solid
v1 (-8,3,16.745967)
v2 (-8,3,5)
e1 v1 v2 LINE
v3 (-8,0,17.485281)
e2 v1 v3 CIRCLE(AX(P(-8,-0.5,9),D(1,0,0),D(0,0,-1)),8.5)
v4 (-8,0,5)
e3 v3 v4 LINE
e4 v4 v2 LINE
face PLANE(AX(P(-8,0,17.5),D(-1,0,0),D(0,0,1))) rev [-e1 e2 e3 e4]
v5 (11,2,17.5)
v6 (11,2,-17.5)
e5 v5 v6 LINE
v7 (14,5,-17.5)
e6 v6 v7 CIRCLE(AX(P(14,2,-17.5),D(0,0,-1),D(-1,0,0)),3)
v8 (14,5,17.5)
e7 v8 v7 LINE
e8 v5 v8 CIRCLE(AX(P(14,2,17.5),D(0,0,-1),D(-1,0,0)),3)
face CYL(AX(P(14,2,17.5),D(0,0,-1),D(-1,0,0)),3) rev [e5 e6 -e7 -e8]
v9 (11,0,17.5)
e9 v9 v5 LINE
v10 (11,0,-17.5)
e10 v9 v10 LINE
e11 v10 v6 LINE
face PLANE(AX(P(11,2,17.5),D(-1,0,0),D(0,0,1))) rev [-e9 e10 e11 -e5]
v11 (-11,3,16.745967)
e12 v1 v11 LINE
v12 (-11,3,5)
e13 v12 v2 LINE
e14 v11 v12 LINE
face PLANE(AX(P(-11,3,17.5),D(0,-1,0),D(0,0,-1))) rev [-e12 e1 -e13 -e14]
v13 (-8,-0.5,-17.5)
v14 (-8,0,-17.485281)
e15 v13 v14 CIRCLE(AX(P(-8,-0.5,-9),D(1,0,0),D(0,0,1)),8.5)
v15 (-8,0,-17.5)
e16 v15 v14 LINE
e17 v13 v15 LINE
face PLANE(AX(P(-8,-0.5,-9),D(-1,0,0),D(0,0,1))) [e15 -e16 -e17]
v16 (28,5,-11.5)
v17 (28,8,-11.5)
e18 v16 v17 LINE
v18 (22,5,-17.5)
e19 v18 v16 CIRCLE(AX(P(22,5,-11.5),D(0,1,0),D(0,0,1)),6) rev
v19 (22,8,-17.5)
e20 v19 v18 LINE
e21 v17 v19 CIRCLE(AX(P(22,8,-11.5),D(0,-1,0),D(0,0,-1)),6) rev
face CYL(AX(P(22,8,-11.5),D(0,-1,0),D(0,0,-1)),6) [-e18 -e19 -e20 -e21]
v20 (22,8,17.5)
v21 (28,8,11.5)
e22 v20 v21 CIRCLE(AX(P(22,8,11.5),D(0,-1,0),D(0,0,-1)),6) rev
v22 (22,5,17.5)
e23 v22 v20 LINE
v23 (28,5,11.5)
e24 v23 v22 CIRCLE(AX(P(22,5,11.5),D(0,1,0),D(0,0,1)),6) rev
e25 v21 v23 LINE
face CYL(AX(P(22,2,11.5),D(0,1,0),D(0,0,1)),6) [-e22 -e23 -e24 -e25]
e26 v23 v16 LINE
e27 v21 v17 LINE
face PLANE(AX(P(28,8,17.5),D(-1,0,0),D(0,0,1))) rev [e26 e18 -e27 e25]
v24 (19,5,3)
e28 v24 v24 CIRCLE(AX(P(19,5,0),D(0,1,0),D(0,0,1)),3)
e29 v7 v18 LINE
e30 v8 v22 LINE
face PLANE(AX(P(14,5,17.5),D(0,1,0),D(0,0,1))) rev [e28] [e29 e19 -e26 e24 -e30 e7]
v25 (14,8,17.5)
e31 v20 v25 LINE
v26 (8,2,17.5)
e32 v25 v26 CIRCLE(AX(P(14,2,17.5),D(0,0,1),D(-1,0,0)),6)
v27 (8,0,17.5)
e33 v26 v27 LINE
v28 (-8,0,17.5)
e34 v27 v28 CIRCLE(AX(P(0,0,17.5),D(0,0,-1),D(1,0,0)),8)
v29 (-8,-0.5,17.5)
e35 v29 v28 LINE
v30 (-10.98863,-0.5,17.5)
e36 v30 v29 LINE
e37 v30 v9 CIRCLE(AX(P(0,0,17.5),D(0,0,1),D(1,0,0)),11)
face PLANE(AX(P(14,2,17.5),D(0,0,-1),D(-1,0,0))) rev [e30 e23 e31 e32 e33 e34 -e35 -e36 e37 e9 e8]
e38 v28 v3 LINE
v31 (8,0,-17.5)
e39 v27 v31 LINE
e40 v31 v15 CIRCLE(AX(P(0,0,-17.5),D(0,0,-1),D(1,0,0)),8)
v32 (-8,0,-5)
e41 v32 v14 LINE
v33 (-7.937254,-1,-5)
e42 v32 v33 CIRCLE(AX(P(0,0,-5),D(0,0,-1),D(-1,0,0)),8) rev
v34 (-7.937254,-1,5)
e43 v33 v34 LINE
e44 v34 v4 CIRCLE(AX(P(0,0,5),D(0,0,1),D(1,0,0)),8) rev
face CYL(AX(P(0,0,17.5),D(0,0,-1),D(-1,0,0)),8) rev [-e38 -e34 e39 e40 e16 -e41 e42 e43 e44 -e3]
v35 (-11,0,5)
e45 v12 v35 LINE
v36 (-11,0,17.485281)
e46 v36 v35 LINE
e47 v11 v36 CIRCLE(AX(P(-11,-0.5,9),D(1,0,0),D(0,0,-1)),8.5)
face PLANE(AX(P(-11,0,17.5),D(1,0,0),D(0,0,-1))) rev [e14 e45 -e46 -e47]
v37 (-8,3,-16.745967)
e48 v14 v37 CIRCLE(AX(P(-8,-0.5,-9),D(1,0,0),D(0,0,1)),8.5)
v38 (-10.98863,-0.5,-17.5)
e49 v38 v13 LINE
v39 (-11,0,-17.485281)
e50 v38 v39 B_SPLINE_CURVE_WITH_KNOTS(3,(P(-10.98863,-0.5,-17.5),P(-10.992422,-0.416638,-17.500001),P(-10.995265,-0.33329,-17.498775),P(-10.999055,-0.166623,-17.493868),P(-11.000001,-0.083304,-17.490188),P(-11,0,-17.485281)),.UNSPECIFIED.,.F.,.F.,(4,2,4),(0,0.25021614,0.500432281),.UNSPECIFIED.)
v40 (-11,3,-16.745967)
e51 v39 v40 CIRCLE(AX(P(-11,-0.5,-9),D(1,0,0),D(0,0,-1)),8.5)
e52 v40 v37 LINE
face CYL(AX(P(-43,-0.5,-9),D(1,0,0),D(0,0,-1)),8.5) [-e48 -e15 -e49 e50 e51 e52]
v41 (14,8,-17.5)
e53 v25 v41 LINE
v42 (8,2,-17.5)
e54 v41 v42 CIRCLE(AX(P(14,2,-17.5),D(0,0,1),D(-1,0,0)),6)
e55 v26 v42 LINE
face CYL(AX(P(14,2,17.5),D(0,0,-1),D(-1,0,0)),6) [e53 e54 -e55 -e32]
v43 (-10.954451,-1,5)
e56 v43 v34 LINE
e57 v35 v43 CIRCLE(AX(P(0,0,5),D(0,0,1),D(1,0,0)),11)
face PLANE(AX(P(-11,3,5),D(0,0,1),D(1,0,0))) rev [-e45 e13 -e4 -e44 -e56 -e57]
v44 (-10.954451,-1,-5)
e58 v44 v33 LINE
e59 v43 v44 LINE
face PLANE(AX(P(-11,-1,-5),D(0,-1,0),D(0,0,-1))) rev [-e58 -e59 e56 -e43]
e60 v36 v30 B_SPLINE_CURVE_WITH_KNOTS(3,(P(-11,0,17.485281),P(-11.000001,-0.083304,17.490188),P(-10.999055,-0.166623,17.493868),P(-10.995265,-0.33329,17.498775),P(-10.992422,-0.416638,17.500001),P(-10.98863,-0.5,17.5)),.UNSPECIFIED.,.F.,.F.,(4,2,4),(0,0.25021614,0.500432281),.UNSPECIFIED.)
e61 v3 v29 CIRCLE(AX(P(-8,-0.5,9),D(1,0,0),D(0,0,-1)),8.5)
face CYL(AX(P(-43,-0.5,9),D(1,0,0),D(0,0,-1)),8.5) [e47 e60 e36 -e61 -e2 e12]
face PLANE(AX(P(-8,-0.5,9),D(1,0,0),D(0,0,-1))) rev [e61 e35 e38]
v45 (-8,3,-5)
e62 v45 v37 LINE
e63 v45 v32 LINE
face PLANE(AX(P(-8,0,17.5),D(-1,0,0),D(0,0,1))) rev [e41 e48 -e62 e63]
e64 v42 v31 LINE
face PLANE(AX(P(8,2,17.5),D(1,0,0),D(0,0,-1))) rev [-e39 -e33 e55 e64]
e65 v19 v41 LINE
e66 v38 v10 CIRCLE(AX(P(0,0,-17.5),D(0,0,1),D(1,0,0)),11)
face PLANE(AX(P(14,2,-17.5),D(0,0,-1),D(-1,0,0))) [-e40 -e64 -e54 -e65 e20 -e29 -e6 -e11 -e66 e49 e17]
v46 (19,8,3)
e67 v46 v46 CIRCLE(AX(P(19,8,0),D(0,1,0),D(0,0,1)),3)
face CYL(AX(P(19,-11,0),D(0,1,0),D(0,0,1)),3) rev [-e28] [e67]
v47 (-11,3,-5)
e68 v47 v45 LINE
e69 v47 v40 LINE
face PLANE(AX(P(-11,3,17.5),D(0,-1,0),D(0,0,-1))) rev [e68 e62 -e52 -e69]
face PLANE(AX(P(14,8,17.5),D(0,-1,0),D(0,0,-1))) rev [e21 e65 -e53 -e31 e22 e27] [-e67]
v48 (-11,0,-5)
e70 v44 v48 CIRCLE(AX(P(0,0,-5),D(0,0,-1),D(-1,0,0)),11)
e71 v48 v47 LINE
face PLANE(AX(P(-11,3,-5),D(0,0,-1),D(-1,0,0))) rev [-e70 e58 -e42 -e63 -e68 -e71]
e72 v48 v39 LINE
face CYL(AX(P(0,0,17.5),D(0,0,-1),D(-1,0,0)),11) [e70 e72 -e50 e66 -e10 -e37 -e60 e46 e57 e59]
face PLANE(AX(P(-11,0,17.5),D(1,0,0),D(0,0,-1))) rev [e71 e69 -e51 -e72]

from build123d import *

# Parameters (mm, degrees)
EXTRUSION1_DEPTH        = 17.5
CONG_1_R                = 6
ESQUISSE2_R             = 3
ENL_V_MAT_EXTRU_1_DEPTH = 20
ENL_V_MAT_EXTRU_6_DEPTH = 35
ESQUISSE4_W             = 10
ESQUISSE4_H             = 4
ENL_V_MAT_EXTRU_7_DEPTH = 12.0000001


with BuildPart() as part:
    # Esquisse1 → Extrusion1 (new body, symmetric)
    with BuildSketch(Plane.XY):
        with BuildLine():
            Line((8, 2), (8, 0))
            ThreePointArc((8, 0), (0, -8), (-8, 0))
            Line((-8, 0), (-8, 3))
            Line((-8, 3), (-11, 3))
            Line((-11, 3), (-11, 0))
            ThreePointArc((-11, 0), (0, -11), (11, 0))
            Line((11, 0), (11, 2))
            ThreePointArc((11, 2), (11.878679656, 4.121320344), (14, 5))
            Line((14, 5), (28, 5))
            Line((28, 5), (28, 8))
            Line((28, 8), (14, 8))
            ThreePointArc((14, 8), (9.757359313, 6.242640687), (8, 2))
        make_face()
    extrude(amount=EXTRUSION1_DEPTH, both=True)

    # Congé1
    cong_1_edges = [part.edges().sort_by_distance(p)[0] for p in [
        (28, 6.5, -17.5),
        (28, 6.5, 17.5),
    ]]
    fillet(cong_1_edges, radius=CONG_1_R)

    # Esquisse2 → Enlèv. mat.-Extru.1 (cut, through all)
    with BuildSketch(Plane(origin=(0, 8, 0), x_dir=(-1, 0, 0), z_dir=(0, 1, 0))):
        with Locations(Location((-19, 0, 0), (0, 0, 90))):  # turned: the seam where the file's is
            Circle(ESQUISSE2_R)
    extrude(amount=-ENL_V_MAT_EXTRU_1_DEPTH, mode=Mode.SUBTRACT)

    # Esquisse3 → Enlèv. mat.-Extru.6 (cut)
    with BuildSketch(Plane.ZY.offset(8)):
        with BuildLine():
            Line((-9, 8), (-17.5, 8))
            Line((-17.5, 8), (-17.5, -0.5))
            ThreePointArc((-17.5, -0.5), (-15.01040764, 5.51040764), (-9, 8))
        make_face()
        with BuildLine():
            Line((17.5, 8), (17.5, -0.5))
            ThreePointArc((17.5, -0.5), (15.01040764, 5.51040764), (9, 8))
            Line((9, 8), (17.5, 8))
        make_face()
    extrude(amount=ENL_V_MAT_EXTRU_6_DEPTH, mode=Mode.SUBTRACT)

    # Esquisse4 → Enlèv. mat.-Extru.7 (cut, through all)
    with BuildSketch(Plane(origin=(0, 0, 0), x_dir=(0, 0, -1), z_dir=(1, 0, 0))):
        with Locations((0, 1)):
            Rectangle(ESQUISSE4_W, ESQUISSE4_H)
    extrude(amount=-ENL_V_MAT_EXTRU_7_DEPTH, mode=Mode.SUBTRACT)


solid = part.part
